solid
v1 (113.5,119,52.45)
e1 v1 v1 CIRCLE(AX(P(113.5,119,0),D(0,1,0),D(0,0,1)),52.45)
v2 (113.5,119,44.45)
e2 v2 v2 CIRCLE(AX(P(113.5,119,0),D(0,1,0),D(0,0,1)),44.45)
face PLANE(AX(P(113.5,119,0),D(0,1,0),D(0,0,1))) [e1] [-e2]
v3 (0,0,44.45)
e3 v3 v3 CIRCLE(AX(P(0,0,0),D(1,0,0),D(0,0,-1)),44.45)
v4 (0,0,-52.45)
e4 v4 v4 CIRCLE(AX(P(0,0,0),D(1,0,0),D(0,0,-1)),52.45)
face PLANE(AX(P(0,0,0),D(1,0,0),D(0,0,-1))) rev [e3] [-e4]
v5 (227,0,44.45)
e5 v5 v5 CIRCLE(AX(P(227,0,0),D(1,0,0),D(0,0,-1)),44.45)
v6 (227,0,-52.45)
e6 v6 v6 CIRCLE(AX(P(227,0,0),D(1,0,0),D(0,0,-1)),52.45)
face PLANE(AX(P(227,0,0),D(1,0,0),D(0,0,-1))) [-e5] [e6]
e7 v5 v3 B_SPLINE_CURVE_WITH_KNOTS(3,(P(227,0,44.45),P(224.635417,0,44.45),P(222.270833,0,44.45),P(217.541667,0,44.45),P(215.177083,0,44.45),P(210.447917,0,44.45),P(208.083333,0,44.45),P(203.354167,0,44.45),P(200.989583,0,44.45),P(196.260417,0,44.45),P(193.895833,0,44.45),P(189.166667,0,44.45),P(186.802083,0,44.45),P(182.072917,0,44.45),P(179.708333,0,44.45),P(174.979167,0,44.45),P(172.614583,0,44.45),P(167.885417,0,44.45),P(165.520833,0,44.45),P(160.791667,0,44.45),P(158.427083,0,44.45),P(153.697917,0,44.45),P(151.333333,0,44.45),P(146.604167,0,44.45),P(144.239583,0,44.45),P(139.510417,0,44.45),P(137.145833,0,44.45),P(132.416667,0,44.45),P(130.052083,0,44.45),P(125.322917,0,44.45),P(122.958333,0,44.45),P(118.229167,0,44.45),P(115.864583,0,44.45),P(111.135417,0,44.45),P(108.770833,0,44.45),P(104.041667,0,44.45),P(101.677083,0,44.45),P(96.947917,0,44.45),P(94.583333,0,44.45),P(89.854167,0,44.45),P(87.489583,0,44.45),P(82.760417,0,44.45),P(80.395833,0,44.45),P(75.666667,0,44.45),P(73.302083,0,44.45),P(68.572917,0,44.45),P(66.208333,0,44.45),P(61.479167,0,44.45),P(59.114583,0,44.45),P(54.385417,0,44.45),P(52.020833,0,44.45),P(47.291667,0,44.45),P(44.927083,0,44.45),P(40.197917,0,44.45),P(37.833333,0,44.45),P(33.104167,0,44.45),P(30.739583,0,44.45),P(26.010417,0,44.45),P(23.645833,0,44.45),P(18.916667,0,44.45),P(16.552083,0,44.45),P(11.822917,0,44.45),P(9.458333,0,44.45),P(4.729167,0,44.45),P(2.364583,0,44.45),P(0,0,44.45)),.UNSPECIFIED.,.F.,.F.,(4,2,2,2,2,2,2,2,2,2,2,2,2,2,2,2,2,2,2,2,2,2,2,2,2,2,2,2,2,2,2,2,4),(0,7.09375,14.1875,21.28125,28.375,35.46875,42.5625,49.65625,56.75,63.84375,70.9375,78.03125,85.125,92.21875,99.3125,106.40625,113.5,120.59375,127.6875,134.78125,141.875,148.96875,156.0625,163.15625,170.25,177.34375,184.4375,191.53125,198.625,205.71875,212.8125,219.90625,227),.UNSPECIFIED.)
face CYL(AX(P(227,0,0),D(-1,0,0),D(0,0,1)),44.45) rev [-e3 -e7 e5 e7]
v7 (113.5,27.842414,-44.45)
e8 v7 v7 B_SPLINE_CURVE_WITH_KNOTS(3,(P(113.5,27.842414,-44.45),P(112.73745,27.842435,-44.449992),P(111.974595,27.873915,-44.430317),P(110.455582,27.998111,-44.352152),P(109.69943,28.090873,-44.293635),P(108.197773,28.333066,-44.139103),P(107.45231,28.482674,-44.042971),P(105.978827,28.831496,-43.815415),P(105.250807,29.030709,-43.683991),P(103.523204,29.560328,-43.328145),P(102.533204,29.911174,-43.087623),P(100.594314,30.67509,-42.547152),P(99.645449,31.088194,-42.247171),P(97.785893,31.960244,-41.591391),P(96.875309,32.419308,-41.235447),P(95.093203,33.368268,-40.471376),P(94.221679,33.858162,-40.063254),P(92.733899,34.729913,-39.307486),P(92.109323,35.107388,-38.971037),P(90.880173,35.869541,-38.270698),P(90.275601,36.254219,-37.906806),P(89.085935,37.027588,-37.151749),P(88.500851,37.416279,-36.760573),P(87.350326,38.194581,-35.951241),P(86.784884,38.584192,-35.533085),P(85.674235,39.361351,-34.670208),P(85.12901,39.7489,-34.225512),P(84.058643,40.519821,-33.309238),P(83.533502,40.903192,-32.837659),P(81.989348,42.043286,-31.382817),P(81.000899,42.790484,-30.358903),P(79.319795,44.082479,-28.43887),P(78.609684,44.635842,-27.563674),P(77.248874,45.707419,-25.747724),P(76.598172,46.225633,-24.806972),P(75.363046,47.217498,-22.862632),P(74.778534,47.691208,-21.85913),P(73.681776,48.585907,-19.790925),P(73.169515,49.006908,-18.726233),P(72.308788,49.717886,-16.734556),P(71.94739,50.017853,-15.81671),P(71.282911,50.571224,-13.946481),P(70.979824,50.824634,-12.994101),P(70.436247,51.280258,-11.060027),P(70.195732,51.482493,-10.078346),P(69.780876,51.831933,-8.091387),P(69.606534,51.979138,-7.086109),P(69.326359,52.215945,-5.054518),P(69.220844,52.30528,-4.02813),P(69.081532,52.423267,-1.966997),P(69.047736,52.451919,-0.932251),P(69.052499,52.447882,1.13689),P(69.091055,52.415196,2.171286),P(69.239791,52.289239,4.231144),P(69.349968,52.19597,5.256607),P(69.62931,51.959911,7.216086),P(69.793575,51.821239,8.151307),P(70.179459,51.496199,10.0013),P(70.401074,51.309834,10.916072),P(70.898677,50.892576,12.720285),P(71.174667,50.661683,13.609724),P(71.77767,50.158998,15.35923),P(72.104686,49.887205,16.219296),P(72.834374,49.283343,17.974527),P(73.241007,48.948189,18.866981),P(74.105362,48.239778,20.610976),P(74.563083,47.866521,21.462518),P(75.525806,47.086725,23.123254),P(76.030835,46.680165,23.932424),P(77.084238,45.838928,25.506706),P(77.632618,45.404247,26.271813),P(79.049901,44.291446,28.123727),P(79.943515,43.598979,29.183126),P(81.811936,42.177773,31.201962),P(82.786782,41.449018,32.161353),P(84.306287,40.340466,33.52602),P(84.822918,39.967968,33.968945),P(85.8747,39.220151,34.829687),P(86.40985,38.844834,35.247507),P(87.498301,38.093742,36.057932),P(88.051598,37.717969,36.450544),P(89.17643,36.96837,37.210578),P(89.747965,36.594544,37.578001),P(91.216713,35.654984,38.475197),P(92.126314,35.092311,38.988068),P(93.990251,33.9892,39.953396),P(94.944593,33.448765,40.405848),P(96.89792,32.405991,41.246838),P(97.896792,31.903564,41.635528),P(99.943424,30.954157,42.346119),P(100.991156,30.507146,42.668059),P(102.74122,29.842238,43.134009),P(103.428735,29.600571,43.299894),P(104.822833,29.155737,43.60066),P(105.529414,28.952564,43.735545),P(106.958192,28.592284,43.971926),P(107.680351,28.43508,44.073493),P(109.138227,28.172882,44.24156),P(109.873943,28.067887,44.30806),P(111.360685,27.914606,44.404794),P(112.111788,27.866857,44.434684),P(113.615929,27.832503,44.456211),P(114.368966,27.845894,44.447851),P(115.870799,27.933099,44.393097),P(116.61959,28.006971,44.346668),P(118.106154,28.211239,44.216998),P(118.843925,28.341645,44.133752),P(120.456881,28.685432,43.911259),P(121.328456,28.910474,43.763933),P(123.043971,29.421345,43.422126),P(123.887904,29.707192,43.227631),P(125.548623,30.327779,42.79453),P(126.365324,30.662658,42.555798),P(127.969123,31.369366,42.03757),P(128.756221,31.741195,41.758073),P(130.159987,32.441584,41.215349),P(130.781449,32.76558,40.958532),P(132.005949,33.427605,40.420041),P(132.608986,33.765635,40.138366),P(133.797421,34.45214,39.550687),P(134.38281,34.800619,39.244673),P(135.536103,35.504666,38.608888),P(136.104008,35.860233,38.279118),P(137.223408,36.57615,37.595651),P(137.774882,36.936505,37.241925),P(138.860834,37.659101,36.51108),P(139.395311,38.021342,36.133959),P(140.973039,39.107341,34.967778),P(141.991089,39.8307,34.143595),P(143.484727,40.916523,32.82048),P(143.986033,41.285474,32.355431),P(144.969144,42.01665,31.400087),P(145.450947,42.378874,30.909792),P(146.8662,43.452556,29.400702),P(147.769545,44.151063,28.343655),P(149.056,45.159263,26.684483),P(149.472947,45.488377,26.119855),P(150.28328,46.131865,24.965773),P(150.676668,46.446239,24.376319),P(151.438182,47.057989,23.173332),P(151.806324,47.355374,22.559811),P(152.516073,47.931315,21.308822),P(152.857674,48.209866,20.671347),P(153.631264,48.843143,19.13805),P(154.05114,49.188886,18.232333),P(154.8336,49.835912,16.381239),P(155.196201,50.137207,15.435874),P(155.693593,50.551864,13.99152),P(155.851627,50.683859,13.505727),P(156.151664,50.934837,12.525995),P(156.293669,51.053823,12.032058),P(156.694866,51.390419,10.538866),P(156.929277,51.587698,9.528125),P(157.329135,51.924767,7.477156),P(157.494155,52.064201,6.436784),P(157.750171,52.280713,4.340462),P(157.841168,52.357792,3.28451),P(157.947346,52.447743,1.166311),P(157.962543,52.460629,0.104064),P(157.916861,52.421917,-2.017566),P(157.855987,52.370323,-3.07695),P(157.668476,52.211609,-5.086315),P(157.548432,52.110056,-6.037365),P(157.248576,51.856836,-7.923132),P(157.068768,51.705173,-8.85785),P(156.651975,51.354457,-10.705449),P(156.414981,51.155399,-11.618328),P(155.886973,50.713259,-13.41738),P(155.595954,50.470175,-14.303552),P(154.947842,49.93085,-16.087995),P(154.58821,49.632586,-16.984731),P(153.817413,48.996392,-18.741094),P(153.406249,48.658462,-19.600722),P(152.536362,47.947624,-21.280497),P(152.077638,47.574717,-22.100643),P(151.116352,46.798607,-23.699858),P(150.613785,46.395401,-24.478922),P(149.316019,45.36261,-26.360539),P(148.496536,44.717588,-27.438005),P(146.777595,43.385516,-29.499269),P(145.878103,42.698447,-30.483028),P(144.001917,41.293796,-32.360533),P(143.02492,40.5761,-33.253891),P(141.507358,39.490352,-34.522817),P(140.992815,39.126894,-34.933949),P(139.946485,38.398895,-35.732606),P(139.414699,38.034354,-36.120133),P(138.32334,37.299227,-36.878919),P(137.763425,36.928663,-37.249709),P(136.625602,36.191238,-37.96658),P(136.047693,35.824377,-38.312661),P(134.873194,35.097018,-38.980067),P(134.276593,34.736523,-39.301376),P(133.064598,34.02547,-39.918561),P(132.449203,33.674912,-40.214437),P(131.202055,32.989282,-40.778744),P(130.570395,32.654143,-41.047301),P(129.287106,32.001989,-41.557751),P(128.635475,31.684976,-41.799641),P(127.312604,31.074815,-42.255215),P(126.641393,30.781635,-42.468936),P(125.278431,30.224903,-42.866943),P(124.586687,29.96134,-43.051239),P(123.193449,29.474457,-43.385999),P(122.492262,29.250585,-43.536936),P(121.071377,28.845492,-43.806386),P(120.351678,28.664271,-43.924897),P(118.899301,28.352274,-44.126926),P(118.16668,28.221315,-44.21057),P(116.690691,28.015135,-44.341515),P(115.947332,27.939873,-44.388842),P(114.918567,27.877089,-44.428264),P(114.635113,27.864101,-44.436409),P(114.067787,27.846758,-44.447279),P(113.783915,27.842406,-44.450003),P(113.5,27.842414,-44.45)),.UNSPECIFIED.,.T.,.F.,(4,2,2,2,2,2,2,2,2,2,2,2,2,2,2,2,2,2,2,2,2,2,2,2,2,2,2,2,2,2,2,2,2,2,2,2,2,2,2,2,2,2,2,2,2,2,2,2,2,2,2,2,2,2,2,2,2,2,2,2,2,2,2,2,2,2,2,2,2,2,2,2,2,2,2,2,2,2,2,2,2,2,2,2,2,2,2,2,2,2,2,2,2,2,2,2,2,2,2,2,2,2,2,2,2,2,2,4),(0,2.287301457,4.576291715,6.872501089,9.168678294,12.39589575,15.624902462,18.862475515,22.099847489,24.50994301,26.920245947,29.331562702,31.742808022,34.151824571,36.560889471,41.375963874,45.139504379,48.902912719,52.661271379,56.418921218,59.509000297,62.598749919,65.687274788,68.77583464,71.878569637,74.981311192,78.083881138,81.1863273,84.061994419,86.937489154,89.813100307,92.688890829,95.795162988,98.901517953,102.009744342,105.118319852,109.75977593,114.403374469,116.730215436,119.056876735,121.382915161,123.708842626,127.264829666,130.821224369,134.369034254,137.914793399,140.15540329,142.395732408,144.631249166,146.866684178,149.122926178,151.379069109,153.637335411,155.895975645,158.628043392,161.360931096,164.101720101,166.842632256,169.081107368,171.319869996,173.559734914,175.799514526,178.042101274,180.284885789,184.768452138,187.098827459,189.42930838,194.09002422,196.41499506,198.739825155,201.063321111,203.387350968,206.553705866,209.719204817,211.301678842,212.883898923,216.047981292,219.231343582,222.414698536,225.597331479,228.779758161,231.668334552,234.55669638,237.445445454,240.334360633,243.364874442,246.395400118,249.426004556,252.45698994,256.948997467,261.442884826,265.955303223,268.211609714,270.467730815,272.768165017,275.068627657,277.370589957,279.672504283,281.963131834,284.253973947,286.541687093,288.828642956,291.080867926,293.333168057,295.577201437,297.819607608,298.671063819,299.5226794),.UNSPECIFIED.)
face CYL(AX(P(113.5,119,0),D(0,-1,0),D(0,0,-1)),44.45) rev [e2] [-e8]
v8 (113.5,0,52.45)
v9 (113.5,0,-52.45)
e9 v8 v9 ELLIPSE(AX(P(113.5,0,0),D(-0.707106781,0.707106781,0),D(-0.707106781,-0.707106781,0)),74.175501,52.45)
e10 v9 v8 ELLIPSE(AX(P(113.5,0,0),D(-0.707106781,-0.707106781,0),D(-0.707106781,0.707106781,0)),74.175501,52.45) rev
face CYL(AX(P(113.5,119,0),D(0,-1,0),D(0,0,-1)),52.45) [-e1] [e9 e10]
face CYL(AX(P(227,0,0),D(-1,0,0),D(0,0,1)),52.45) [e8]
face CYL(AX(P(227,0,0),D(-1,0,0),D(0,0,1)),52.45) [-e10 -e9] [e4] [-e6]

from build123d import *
from build123d.topology import SkipClean

# Parameters (mm, degrees)
CROQUIS1_R              = 52.45
CROQUIS1_R_2            = 44.45
SALIENTE_EXTRUIR1_DEPTH = 227
CROQUIS2_R              = 52.45
CROQUIS2_R_2            = 44.45
SALIENTE_EXTRUIR2_DEPTH = 119
CROQUIS3_R              = 44.45
CORTAR_EXTRUIR1_DEPTH   = 227


with BuildPart() as part:
    # Croquis1 → Saliente-Extruir1 (new body)
    with BuildSketch(Plane(origin=(0, 0, 0), x_dir=(0, 0, -1), z_dir=(1, 0, 0))):
        with Locations(Location((0, 0, 0), (0, 0, 180))):
            Circle(CROQUIS1_R)
        with Locations(Location((0, 0, 0), (0, 0, 180))):
            Circle(CROQUIS1_R_2, mode=Mode.SUBTRACT)
    extrude(amount=SALIENTE_EXTRUIR1_DEPTH)

    # Croquis2 → Saliente-Extruir2 (add)
    with BuildSketch(Plane(origin=(0, 0, 0), x_dir=(1, 0, 0), z_dir=(0, 1, 0))):
        with Locations(Location((113.5, 0, 0), (0, 0, 270))):
            Circle(CROQUIS2_R)
        with Locations(Location((113.5, 0, 0), (0, 0, 90))):
            Circle(CROQUIS2_R_2, mode=Mode.SUBTRACT)
    extrude(amount=SALIENTE_EXTRUIR2_DEPTH)

    # Croquis3 → Cortar-Extruir1 (cut)
    with SkipClean():  # the faces are left unmerged after this step: merging them gives an invalid solid
        with BuildSketch(Plane.ZY):
            Circle(CROQUIS3_R)
        extrude(amount=-CORTAR_EXTRUIR1_DEPTH, mode=Mode.SUBTRACT)


solid = part.part
